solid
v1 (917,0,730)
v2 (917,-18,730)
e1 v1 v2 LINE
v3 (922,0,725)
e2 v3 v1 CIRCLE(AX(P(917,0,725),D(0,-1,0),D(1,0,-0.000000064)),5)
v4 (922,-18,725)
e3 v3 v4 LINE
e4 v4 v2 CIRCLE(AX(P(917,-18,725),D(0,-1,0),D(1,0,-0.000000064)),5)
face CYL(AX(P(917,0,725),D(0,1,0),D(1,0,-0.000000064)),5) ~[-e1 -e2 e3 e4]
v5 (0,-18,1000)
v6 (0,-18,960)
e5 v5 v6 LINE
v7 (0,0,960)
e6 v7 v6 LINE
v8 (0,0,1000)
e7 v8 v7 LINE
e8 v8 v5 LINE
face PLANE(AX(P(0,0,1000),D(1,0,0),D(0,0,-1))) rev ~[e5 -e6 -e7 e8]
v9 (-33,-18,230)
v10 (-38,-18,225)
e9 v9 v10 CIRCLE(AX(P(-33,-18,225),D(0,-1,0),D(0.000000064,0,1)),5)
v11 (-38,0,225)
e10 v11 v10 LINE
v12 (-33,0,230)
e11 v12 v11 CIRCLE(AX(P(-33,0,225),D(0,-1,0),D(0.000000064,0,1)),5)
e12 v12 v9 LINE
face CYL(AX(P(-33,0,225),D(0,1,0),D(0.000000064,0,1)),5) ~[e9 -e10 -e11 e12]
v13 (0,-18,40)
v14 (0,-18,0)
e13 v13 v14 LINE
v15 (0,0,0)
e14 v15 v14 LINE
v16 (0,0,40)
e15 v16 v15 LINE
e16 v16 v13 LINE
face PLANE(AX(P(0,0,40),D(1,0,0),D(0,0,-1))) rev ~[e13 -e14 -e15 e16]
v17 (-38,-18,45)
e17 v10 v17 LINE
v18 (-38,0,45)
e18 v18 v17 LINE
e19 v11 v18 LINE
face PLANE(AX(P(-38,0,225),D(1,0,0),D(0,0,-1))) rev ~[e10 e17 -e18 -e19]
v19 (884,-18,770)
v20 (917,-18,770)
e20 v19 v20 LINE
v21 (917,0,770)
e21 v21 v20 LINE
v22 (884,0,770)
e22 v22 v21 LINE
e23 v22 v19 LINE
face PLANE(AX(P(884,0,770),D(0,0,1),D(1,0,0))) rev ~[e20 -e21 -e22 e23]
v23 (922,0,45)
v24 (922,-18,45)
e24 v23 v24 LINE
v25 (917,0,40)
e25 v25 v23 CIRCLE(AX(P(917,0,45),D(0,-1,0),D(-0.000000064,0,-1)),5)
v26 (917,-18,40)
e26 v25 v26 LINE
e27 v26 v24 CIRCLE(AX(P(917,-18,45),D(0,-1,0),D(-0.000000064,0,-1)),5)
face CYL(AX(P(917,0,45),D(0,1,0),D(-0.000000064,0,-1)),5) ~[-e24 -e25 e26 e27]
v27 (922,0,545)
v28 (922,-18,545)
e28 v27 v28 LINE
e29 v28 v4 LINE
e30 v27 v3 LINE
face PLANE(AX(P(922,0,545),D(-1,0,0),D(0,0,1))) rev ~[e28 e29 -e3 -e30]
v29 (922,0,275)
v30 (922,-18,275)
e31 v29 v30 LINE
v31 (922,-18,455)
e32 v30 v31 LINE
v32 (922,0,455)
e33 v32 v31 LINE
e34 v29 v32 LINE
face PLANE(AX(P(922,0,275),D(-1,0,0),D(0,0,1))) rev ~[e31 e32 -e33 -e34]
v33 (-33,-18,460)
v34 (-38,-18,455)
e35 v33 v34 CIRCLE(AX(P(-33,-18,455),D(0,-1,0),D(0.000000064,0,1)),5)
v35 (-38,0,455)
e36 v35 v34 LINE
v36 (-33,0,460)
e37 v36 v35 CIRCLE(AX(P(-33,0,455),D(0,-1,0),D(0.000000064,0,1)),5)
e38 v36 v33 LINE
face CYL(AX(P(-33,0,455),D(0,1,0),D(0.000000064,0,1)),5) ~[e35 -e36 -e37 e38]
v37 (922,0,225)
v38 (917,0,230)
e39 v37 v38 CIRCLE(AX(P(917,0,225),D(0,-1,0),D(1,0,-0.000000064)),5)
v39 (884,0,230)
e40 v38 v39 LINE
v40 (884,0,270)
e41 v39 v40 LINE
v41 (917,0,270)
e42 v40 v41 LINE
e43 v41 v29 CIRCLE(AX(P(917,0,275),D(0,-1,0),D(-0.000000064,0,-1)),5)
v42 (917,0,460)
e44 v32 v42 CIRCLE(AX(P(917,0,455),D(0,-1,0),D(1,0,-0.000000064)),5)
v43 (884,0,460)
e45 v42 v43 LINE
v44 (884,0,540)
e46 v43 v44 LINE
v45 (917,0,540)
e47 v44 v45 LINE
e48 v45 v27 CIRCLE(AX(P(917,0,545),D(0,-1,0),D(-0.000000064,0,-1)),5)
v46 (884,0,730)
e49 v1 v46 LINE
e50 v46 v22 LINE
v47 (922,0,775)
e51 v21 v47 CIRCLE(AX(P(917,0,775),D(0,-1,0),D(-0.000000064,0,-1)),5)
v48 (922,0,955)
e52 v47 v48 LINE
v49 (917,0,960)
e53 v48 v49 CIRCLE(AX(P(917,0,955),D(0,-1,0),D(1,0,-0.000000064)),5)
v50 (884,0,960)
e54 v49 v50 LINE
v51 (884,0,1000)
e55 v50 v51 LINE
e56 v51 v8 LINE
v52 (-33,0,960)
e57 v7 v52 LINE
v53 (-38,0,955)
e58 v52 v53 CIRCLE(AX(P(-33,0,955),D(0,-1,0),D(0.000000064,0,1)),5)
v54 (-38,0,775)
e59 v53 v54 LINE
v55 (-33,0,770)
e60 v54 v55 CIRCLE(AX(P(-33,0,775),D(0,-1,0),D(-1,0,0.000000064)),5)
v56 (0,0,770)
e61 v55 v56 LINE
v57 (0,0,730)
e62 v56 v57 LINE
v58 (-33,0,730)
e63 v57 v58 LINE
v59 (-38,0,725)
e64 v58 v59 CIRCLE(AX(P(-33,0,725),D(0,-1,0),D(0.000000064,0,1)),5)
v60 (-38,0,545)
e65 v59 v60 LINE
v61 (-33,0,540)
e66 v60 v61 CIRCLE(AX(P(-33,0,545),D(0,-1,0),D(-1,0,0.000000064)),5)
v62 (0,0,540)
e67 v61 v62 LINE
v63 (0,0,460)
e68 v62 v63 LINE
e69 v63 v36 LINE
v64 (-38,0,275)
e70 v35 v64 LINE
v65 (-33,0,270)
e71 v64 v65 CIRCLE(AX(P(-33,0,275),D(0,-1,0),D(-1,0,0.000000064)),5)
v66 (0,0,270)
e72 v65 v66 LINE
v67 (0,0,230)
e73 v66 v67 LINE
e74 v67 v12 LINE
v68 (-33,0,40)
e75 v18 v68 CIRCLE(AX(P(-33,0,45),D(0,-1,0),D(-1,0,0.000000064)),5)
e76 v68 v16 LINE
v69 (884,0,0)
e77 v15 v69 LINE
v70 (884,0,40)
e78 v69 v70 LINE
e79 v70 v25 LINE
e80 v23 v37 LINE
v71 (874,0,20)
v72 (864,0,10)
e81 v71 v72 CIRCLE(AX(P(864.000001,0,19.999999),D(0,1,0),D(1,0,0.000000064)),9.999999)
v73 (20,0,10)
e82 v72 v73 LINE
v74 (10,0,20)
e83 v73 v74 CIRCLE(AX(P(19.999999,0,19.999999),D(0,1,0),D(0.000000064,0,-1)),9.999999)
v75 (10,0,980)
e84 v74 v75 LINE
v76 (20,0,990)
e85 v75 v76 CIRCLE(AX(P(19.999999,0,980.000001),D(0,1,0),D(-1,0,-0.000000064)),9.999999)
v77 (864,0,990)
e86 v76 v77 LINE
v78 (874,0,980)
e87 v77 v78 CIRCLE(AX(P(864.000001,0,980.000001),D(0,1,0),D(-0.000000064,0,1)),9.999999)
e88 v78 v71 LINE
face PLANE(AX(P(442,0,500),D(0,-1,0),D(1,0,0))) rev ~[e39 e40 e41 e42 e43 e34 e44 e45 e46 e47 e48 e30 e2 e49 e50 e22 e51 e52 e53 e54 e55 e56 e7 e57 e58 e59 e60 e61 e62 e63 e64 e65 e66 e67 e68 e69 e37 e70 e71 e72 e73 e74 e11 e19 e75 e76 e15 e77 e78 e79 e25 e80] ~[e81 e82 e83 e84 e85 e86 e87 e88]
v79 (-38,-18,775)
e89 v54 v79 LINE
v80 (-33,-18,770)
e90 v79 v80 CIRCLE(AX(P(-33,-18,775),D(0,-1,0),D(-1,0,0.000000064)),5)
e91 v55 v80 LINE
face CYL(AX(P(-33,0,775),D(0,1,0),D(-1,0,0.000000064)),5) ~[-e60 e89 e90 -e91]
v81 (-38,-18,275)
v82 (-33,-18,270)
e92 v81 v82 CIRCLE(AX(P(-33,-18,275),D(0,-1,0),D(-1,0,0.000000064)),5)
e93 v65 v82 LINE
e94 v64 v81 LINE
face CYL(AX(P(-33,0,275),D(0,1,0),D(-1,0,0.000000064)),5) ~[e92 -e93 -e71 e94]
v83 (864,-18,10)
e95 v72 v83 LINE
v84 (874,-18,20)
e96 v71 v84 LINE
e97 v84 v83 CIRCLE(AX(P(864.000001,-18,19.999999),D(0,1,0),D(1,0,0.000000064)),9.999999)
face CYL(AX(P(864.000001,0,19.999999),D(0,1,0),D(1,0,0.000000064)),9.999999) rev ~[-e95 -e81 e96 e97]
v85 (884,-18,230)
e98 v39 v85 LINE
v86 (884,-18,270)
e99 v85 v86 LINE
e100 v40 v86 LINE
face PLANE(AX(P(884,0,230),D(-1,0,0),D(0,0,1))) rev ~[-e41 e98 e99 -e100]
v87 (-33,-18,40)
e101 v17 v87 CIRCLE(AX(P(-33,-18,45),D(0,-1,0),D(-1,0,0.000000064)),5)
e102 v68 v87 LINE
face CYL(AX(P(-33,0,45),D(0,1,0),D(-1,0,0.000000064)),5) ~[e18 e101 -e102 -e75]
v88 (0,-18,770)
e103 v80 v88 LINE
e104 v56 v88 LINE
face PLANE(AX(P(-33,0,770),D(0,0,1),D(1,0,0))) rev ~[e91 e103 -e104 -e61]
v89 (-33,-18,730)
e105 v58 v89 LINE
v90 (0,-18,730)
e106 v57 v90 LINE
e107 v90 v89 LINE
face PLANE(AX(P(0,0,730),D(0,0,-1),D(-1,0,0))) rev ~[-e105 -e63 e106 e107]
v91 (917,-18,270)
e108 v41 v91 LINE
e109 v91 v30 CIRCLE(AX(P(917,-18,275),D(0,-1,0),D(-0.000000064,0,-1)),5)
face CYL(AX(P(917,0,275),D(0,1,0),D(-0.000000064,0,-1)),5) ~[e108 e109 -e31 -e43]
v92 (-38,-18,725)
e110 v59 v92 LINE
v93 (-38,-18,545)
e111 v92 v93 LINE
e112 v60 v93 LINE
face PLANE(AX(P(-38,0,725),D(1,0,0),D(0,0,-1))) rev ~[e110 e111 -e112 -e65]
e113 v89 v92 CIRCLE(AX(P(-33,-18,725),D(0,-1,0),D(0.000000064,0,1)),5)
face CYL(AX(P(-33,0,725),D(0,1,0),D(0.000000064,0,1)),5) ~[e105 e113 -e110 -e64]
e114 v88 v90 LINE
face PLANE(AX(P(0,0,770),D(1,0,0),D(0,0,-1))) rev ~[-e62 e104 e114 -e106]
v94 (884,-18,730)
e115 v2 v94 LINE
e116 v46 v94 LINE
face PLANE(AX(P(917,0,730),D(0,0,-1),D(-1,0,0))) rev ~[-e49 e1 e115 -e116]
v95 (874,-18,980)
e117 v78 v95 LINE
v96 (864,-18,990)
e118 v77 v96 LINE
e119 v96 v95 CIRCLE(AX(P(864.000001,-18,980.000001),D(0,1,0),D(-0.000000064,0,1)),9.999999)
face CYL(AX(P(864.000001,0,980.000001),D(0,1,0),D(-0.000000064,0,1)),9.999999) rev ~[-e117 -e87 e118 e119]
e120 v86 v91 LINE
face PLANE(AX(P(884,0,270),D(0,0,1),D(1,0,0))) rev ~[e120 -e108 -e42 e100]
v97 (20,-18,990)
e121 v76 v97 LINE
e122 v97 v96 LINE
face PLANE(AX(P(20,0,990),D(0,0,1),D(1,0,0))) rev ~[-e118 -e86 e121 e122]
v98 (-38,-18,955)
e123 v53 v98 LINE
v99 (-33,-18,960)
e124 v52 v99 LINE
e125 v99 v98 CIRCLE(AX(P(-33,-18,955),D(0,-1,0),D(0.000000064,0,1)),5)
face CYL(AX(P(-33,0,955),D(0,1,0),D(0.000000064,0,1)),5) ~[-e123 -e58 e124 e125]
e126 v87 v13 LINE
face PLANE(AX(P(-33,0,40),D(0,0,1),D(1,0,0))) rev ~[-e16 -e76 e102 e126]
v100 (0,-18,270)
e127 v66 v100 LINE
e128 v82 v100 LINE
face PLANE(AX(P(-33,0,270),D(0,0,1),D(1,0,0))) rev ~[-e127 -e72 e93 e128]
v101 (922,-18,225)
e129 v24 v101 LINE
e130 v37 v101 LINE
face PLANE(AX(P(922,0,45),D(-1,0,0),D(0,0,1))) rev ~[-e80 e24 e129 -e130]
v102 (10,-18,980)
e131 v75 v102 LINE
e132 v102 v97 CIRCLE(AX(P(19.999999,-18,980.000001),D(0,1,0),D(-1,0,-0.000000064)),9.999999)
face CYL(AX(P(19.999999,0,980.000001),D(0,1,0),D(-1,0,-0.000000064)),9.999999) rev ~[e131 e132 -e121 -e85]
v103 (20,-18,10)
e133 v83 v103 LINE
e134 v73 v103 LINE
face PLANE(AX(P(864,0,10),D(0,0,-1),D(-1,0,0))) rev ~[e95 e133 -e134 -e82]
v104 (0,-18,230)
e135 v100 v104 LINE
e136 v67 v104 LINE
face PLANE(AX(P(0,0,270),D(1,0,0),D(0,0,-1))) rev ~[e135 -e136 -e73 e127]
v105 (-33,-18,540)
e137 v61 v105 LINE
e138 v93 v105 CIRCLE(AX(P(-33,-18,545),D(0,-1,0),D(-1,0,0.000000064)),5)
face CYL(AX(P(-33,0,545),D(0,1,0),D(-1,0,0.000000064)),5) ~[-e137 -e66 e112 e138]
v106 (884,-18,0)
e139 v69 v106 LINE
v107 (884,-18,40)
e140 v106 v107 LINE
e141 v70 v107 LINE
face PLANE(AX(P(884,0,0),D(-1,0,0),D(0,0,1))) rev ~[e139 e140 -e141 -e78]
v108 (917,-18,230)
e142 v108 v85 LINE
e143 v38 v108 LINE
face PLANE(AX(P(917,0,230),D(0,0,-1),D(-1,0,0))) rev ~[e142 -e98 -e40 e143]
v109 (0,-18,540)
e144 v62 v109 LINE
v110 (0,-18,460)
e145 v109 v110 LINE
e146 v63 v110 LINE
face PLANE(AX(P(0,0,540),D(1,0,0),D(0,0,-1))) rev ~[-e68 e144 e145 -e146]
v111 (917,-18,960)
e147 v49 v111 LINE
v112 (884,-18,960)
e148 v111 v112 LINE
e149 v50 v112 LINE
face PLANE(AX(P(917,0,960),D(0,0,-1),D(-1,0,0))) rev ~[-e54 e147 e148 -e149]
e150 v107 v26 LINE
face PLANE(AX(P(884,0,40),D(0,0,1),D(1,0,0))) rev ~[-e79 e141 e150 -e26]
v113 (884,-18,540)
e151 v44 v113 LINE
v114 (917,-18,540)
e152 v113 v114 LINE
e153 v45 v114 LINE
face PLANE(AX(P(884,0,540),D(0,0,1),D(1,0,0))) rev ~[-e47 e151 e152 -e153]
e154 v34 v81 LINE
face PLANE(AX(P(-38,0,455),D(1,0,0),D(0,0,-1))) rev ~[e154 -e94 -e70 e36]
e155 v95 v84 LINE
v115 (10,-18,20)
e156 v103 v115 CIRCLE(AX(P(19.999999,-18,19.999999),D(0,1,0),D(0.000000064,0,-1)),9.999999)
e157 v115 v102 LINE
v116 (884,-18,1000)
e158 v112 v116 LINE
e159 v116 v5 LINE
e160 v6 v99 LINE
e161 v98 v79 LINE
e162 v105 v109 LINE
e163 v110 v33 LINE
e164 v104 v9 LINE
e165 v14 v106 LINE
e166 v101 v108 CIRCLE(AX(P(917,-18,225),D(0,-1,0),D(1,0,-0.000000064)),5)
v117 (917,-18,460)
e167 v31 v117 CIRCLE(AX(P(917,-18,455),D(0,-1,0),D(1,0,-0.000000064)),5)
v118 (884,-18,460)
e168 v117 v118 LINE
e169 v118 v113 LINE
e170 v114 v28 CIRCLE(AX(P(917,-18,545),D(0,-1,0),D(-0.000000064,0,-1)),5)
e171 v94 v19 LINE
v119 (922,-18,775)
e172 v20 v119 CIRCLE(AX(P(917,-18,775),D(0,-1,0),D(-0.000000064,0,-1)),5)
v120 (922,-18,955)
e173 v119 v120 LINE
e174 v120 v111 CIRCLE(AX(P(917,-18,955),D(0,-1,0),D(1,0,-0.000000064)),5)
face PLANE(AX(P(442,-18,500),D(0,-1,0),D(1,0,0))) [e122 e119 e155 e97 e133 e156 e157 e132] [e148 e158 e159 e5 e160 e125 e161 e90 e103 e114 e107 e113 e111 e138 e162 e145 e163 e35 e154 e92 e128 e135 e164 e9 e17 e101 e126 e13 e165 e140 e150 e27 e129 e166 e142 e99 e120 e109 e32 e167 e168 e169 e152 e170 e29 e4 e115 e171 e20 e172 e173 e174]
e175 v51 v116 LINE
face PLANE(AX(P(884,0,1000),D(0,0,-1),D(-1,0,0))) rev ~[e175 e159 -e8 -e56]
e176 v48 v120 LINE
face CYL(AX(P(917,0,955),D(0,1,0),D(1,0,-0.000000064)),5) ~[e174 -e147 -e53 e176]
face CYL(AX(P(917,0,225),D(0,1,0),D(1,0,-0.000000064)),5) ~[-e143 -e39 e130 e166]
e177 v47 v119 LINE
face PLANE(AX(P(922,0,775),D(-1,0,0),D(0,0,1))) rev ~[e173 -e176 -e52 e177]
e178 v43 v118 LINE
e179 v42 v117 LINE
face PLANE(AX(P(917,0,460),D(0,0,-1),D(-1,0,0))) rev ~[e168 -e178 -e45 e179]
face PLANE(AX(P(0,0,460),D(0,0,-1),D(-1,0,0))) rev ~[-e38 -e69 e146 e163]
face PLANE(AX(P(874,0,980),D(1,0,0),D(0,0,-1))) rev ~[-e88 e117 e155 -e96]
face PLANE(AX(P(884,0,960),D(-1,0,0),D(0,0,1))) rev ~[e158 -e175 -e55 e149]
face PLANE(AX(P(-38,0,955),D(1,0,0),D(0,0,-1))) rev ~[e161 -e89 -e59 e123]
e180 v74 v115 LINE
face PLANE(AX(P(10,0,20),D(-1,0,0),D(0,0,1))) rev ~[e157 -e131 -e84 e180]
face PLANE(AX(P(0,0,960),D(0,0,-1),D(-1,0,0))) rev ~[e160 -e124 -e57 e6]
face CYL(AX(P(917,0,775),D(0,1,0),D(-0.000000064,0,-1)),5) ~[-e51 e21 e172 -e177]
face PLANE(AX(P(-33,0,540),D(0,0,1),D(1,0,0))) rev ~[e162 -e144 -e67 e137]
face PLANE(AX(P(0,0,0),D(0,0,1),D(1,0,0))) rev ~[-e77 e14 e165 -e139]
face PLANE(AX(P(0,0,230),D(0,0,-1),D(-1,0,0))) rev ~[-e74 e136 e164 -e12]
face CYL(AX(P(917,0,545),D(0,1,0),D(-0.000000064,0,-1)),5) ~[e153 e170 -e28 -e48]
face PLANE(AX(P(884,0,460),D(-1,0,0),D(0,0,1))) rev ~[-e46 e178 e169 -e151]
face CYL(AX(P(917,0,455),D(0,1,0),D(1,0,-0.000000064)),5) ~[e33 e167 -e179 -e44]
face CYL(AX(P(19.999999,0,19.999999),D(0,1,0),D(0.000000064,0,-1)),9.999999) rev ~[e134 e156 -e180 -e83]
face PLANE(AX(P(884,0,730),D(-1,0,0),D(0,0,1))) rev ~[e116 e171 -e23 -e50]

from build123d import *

# Parameters (mm, degrees)
F1_DEPTH = 18


with BuildPart() as f1:
    # F0 (on Front) → F1 (new body)
    with BuildSketch(Plane.XZ):
        with BuildLine():
            Line((0, 40), (0, 0))
            Line((0, 0), (884, 0))
            Line((884, 0), (884, 40))
            Line((884, 40), (917, 40))
            ThreePointArc((917, 40), (920.535534, 41.464466), (922, 45))
            Line((922, 45), (922, 225))
            ThreePointArc((922, 225), (920.535534, 228.535534), (917, 230))
            Line((917, 230), (884, 230))
            Line((884, 230), (884, 270))
            Line((884, 270), (917, 270))
            ThreePointArc((917, 270), (920.535534, 271.464466), (922, 275))
            Line((922, 275), (922, 455))
            ThreePointArc((922, 455), (920.535534, 458.535534), (917, 460))
            Line((917, 460), (884, 460))
            Line((884, 460), (884, 540))
            Line((884, 540), (917, 540))
            ThreePointArc((917, 540), (920.535534, 541.464466), (922, 545))
            Line((922, 545), (922, 725))
            ThreePointArc((922, 725), (920.535534, 728.535534), (917, 730))
            Line((917, 730), (884, 730))
            Line((884, 730), (884, 770))
            Line((884, 770), (917, 770))
            ThreePointArc((917, 770), (920.535534, 771.464466), (922, 775))
            Line((922, 775), (922, 955))
            ThreePointArc((922, 955), (920.535534, 958.535534), (917, 960))
            Line((917, 960), (884, 960))
            Line((884, 960), (884, 1000))
            Line((884, 1000), (0, 1000))
            Line((0, 1000), (0, 960))
            Line((0, 960), (-33, 960))
            ThreePointArc((-33, 960), (-36.535534, 958.535534), (-38, 955))
            Line((-38, 955), (-38, 775))
            ThreePointArc((-38, 775), (-36.535534, 771.464466), (-33, 770))
            Line((-33, 770), (0, 770))
            Line((0, 770), (0, 730))
            Line((0, 730), (-33, 730))
            ThreePointArc((-33, 730), (-36.535534, 728.535534), (-38, 725))
            Line((-38, 725), (-38, 545))
            ThreePointArc((-38, 545), (-36.535534, 541.464466), (-33, 540))
            Line((-33, 540), (0, 540))
            Line((0, 540), (0, 460))
            Line((0, 460), (-33, 460))
            ThreePointArc((-33, 460), (-36.535534, 458.535534), (-38, 455))
            Line((-38, 455), (-38, 275))
            ThreePointArc((-38, 275), (-36.535534, 271.464466), (-33, 270))
            Line((-33, 270), (0, 270))
            Line((0, 270), (0, 230))
            Line((0, 230), (-33, 230))
            ThreePointArc((-33, 230), (-36.535534, 228.535534), (-38, 225))
            Line((-38, 225), (-38, 45))
            ThreePointArc((-38, 45), (-36.535534, 41.464466), (-33, 40))
            Line((-33, 40), (0, 40))
        make_face()
        with BuildLine():
            ThreePointArc((10, 980), (12.928932, 987.071068), (20, 990))
            Line((20, 990), (864, 990))
            ThreePointArc((864, 990), (871.071068, 987.071068), (874, 980))
            Line((874, 980), (874, 20))
            ThreePointArc((874, 20), (871.071068, 12.928932), (864, 10))
            Line((864, 10), (20, 10))
            ThreePointArc((20, 10), (12.928932, 12.928932), (10, 20))
            Line((10, 20), (10, 980))
        make_face(mode=Mode.SUBTRACT)
    extrude(amount=F1_DEPTH)


solid = f1.part
